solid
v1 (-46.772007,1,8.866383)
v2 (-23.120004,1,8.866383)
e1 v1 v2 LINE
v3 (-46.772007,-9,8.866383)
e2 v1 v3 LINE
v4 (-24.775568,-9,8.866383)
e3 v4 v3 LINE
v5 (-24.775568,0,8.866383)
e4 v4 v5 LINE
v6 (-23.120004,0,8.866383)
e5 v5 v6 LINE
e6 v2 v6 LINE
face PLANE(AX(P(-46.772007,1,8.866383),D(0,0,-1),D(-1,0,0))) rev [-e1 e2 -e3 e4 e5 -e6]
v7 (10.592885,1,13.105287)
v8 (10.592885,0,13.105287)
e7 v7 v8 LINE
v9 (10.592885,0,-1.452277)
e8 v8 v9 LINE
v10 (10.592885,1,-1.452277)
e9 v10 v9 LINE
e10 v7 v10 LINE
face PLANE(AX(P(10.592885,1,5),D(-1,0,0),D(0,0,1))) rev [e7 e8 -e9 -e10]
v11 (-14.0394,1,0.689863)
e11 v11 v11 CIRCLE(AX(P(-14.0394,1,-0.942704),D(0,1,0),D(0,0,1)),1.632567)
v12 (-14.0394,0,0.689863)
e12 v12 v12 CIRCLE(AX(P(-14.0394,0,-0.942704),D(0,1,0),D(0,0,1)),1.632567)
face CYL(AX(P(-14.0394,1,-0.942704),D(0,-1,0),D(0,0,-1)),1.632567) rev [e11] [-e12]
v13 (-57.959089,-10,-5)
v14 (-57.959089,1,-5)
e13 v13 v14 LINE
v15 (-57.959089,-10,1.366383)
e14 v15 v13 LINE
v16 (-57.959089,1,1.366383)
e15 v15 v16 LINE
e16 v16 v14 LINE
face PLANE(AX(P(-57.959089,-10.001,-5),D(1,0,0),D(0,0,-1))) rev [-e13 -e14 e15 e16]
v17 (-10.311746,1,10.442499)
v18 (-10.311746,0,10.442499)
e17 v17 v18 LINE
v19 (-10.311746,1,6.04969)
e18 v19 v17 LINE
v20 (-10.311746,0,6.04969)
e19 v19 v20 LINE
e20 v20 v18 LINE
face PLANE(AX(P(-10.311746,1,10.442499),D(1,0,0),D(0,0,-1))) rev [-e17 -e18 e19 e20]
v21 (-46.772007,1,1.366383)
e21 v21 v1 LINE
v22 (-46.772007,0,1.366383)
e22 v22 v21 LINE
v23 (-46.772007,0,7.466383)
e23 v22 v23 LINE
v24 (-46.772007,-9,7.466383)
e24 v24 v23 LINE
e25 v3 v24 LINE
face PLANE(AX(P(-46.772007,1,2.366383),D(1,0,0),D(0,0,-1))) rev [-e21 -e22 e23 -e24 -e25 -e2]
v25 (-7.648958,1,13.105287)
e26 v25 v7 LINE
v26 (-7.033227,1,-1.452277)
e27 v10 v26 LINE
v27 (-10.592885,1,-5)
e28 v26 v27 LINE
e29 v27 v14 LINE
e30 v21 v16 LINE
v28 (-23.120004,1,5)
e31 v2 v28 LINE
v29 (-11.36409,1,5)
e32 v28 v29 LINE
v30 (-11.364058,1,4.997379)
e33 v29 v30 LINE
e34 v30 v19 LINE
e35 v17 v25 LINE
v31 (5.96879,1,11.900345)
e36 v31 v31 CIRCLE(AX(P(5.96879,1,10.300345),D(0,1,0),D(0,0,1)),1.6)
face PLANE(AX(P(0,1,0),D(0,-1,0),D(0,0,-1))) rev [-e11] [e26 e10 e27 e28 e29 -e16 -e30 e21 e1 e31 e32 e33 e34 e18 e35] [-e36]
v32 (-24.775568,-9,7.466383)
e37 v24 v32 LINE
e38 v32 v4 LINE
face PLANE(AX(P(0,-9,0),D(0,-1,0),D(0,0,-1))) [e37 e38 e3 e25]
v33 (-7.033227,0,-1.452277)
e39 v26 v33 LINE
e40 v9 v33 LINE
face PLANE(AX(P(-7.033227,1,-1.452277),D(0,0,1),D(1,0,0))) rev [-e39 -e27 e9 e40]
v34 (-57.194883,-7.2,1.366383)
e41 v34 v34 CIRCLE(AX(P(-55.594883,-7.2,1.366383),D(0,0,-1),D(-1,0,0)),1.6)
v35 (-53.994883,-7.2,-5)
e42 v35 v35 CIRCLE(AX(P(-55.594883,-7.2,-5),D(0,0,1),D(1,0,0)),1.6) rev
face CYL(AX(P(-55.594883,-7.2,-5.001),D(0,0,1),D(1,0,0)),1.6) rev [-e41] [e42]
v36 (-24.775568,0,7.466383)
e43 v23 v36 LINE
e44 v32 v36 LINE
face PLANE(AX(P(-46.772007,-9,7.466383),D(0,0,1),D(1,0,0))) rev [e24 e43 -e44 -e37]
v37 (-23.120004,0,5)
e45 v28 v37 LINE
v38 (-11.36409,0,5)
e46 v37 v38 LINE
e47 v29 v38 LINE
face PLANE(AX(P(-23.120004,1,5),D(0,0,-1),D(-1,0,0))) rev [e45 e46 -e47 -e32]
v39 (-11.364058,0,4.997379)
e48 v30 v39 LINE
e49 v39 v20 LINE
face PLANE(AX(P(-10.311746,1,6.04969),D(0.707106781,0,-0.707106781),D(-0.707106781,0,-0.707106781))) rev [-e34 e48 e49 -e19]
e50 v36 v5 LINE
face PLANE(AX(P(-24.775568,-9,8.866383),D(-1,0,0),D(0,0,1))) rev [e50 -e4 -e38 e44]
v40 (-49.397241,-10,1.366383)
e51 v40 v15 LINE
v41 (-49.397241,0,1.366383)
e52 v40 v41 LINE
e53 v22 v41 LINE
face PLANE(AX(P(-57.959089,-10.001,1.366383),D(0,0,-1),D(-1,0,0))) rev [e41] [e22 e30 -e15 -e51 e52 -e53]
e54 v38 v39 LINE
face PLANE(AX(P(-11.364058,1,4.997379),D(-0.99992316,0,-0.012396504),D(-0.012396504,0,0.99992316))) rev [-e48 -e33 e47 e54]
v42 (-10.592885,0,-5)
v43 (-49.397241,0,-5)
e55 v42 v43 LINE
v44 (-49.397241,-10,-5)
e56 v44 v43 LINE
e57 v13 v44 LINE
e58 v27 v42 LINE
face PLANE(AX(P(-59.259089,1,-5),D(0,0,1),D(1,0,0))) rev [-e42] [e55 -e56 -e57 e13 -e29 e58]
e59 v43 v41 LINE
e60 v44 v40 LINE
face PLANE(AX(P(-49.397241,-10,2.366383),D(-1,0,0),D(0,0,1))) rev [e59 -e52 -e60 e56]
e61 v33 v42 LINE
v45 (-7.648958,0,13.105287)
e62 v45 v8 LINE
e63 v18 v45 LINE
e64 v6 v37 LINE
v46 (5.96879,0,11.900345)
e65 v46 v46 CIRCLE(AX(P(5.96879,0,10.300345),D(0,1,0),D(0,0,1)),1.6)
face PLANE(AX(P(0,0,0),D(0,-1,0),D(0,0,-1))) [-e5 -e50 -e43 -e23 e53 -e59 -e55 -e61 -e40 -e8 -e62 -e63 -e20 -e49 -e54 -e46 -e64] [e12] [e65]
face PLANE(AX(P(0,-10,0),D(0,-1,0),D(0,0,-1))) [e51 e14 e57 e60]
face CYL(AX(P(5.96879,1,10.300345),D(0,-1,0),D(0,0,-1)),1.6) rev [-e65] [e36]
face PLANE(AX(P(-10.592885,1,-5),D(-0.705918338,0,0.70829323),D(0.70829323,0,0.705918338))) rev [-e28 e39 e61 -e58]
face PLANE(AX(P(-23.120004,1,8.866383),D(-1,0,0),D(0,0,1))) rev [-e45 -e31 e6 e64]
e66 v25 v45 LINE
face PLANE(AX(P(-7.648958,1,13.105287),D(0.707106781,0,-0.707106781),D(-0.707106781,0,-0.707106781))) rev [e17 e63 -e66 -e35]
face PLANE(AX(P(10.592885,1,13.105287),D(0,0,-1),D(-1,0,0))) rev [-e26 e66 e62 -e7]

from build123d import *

# Parameters (mm, degrees)
SKETCH_1_R          = 1.632566579
SKETCH_1_R_2        = 1.6
EXTRUDE_1_DEPTH     = 1
SKETCH_2_W          = 21.996438878
SKETCH_2_H          = 1.4
EXTRUDE_2_DEPTH     = 9
SKETCH_3_W          = 9.861847607
SKETCH_3_H          = 7.366382786
EXTRUDE_3_DEPTH     = 10
CUT_EXTRUDE_1_REACH = 9.366
SKETCH_5_R          = 1.6
CUT_EXTRUDE_2_REACH = 13


with BuildPart() as part:
    # 草图1 → 凸台-拉伸1 (new body)
    with BuildSketch(Plane(origin=(0, 0, 0), x_dir=(1, 0, 0), z_dir=(0, 1, 0))):
        Polygon((-59.259088641, 5), (-10.592885375, 5), (-7.033226841, 1.452276921), (10.592885375, 1.452276921), (10.592885375, -5), (10.592885375, -13.105286597), (-7.648958362, -13.105286597), (-10.311746214, -10.442498745), (-10.311746214, -6.049690331), (-11.364057651, -4.997378894), (-11.364090146, -5), (-23.120004307, -5), (-23.120004307, -8.866382786), (-46.772006656, -8.866382786), (-46.772006656, -2.366382786), (-59.259088641, -2.366382786), (-59.259088641, 0), align=None)
        with Locations((-14.039400366, 0.94270398)):
            Circle(SKETCH_1_R, mode=Mode.SUBTRACT)
        with Locations((5.968790226, -10.300345076)):
            Circle(SKETCH_1_R_2, mode=Mode.SUBTRACT)
    extrude(amount=EXTRUDE_1_DEPTH)

    # 草图2 → 凸台-拉伸2 (add)
    with BuildSketch(Plane.XZ):
        with Locations((-35.773787217, 8.166382786)):
            Rectangle(SKETCH_2_W, SKETCH_2_H)
    extrude(amount=EXTRUDE_2_DEPTH)

    # 草图3 → 凸台-拉伸3 (add)
    with BuildSketch(Plane.XZ):
        with Locations((-54.328164838, -1.316808607)):
            Rectangle(SKETCH_3_W, SKETCH_3_H)
    extrude(amount=EXTRUDE_3_DEPTH)

    # 草图5 → 切除-拉伸1 (cut, up to next)
    with BuildSketch(Plane.XY.offset(2.366382786), mode=Mode.PRIVATE) as cut_extrude_1_sk1:
        with Locations((-55.594883285, -7.2)):
            Circle(SKETCH_5_R)
    cut_extrude_1_tool1 = extrude(cut_extrude_1_sk1.sketch, amount=-CUT_EXTRUDE_1_REACH, mode=Mode.PRIVATE) & part.part
    add(cut_extrude_1_tool1.solids().sort_by_distance((-55.594883, -7.2, 2.366383))[0], mode=Mode.SUBTRACT)

    # 草图6 → 切除-拉伸2 (cut, up to next)
    with BuildSketch(Plane(origin=(0, 1, 0), x_dir=(1, 0, 0), z_dir=(0, 1, 0)), mode=Mode.PRIVATE) as cut_extrude_2_sk1:
        Polygon((-59.259088641, 5), (-57.959088641, 5), (-57.959088641, -1.366382786), (-46.772006656, -1.366382786), (-46.772006656, -2.366382786), (-57.959088641, -2.366382786), (-59.259088641, -2.366382786), align=None)
    cut_extrude_2_tool1 = extrude(cut_extrude_2_sk1.sketch, amount=-CUT_EXTRUDE_2_REACH, mode=Mode.PRIVATE) & part.part
    add(cut_extrude_2_tool1.solids().sort_by_distance((-58.609089, 1, -4.85502))[0], mode=Mode.SUBTRACT)


solid = part.part
